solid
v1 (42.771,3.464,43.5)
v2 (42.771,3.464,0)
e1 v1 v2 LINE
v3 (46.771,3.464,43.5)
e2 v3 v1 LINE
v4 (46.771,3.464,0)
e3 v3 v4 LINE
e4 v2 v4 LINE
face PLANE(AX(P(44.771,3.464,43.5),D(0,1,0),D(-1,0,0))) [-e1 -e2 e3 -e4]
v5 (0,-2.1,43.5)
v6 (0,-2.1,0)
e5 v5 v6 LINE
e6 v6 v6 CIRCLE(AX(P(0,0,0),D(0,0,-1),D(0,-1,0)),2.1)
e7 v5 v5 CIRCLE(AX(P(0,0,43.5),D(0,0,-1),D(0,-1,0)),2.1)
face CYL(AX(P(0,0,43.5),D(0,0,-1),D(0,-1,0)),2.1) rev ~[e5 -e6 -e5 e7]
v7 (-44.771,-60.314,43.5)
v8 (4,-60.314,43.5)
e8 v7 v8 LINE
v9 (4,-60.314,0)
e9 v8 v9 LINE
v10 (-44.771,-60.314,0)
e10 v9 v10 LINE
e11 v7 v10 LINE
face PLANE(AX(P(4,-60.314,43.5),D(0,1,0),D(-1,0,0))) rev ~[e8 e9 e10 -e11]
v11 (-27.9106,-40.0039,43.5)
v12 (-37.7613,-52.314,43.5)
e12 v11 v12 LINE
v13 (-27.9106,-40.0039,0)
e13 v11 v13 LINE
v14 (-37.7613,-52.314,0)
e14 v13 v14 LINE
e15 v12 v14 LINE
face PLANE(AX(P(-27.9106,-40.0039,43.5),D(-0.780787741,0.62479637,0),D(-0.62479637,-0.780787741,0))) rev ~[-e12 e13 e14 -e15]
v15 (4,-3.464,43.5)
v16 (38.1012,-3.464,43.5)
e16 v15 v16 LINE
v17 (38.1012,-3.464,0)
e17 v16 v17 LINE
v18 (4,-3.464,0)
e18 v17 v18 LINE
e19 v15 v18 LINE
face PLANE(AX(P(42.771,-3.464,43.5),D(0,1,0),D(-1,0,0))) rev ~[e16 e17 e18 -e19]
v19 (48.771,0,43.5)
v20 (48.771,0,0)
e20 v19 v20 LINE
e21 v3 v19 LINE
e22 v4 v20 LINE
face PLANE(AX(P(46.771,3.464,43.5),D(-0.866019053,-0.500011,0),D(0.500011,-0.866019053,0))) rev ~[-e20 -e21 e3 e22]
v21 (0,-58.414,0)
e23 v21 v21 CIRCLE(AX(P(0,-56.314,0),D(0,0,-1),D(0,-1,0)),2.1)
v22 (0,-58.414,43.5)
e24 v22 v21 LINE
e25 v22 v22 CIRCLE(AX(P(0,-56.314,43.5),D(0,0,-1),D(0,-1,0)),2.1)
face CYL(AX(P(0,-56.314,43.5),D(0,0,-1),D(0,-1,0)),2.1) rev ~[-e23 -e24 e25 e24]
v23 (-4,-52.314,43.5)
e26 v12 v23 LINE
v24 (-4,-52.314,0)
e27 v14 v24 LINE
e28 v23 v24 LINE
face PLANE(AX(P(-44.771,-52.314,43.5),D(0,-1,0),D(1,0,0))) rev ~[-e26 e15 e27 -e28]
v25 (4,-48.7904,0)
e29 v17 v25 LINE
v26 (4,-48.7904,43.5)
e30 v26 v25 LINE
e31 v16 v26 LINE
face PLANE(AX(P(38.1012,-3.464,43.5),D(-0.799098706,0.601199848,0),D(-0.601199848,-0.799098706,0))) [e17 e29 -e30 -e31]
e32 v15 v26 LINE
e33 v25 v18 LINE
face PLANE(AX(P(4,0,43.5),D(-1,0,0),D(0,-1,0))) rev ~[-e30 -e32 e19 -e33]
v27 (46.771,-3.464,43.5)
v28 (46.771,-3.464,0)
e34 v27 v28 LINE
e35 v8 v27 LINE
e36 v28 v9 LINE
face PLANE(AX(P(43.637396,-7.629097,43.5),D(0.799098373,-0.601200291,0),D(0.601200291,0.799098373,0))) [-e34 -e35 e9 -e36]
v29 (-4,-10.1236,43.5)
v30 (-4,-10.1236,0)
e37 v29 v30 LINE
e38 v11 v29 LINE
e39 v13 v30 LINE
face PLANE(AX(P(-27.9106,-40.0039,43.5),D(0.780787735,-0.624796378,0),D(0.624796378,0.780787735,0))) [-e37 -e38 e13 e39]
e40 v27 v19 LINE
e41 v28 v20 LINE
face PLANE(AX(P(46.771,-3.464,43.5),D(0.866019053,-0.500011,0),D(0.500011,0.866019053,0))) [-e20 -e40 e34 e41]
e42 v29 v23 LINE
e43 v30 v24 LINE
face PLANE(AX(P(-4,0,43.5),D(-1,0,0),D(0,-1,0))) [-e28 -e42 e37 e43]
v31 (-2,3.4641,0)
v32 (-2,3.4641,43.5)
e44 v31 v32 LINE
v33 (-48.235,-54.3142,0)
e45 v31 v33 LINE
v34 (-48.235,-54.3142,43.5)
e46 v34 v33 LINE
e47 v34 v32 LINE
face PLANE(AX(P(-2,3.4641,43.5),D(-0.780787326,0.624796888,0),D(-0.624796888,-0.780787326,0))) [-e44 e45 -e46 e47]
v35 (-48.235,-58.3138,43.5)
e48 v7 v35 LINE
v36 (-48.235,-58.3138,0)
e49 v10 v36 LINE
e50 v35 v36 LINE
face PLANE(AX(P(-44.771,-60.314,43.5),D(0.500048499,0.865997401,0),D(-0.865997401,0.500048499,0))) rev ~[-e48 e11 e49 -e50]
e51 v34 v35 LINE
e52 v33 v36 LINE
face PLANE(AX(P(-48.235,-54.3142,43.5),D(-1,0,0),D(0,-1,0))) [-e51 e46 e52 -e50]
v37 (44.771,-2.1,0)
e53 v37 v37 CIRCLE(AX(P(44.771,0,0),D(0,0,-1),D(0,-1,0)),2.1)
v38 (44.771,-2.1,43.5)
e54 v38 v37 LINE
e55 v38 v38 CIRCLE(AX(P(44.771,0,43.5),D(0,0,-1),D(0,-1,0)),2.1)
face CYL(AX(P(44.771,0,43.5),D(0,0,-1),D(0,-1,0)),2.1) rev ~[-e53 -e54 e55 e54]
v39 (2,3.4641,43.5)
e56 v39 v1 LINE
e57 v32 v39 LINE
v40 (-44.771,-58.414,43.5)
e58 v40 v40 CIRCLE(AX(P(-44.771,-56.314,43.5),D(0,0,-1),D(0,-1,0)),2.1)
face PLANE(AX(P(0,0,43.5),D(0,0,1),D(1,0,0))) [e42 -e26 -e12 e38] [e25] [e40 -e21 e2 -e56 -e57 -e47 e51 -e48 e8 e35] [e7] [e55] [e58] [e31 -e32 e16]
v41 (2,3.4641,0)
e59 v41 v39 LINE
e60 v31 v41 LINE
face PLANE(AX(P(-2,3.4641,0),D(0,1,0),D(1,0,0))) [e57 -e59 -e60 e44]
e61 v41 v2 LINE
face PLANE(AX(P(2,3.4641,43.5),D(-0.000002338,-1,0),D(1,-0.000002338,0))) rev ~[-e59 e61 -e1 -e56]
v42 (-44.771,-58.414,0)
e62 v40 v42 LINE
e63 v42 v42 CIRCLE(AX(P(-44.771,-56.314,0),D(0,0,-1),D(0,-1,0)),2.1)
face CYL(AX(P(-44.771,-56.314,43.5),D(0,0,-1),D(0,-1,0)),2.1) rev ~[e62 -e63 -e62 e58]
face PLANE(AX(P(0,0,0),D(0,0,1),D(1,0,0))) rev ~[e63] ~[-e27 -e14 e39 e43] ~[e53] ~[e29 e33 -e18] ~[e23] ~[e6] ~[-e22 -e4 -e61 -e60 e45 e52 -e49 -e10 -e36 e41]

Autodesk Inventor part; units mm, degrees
sketch "Sketch2" plane through (0, 0, 0) normal (0, 0, 1) x (1, 0, 0)
  line L0 (0, 2.8582) -> (0, -2.8582) construction
  line L1 (-5.7775, 0) -> (5.7775, 0) construction
  line L2 (0, 0) -> (4, 0)
  line L3 (4, 0) -> (-4, 0)
  circle A0 centre (0, 0) radius 4
  line L4 (0, 0) -> (-2, 3.4641)
  line L5 (0, 0) -> (4, 0) construction
  line L6 (0, 0) -> (2, 3.4641)
  line L7 (0, 0) -> (4, 0) construction
  line L8 (0, 0) -> (4, 0)
  line L9 (0, 0) -> (2, -3.4641)
  line L10 (0, 0) -> (-2, -3.4641)
  line L11 (-2, 3.4641) -> (2, 3.4641)
  line L12 (2, 3.4641) -> (4, 0)
  line L13 (4, 0) -> (2, -3.4641)
  line L14 (2, -3.4641) -> (-2, -3.4641)
  line L15 (-2, -3.4641) -> (-4, 0)
  line L16 (-4, 0) -> (-2, 3.4641)
  dimension "d3" = 4
  dimension "d2" = 8
  dimension "d1" = 120
  dimension "d0" = 60
extrude "Extrusion1" add sketch "Sketch2" along normal blind 43.5 contours L6 L12 L2 | L10 L15 L3 | L3 L16 L4 | L4 L11 L6 | L2 L13 L9 | L9 L14 L10
sketch "Sketch3" plane through (0, 0, 43.5) normal (0, 0, 1) x (1, 0, 0)
  point P0 (0, 0)
  point P1 (0, 0)
hole "Hole1" at (0, 0, 43.5) direction (0, 0, -1) diameter 4.2 depth 44
sketch "Sketch5" plane through (0, 0, 43.5) normal (0, 0, 1) x (1, 0, 0)
  line L0 (0, 0) -> (0, -56.314)
  line L1 (0, -56.314) -> (4, -56.314)
  line L2 (4, -56.314) -> (2, -59.7781)
  line L3 (2, -59.7781) -> (-2, -59.7781)
  line L4 (-2, -59.7781) -> (-4, -56.314)
  line L5 (0, -56.314) -> (-4, -56.314)
  line L6 (0, -56.314) -> (0, -52.85)
  line L7 (0, -52.85) -> (2, -52.85)
  line L8 (2, -52.85) -> (4, -56.314)
  line L9 (0, -52.85) -> (-2, -52.85)
  line L10 (-2, -52.85) -> (-4, -56.314)
  line L11 (4, 0) -> (4, -56.314)
  line L12 (-4, 0) -> (-2, -3.4641) projected
  line L13 (-4, 0) -> (-4, -56.314)
  line L14 (0, -56.314) -> (-44.771, -56.314)
  line L15 (-44.771, -56.314) -> (-44.771, -60.314)
  line L16 (-44.771, -56.314) -> (-44.771, -52.314)
  line L17 (-44.771, -60.314) -> (-41.307, -58.3138)
  line L18 (-44.771, -52.314) -> (-41.307, -54.3142)
  line L19 (-41.307, -54.3142) -> (-41.307, -58.3138)
  line L20 (-44.771, -60.314) -> (-48.235, -58.3138)
  line L21 (-44.771, -52.314) -> (-48.235, -54.3142)
  line L22 (-48.235, -54.3142) -> (-48.235, -58.3138)
  line L23 (-44.771, -60.314) -> (-0.654, -60.314)
  line L24 (-0.654, -60.314) -> (4, -56.314)
  line L25 (-44.771, -52.314) -> (0, -52.314)
  line L26 (-4, 0) -> (0, -3.4641)
  line L27 (-2, -3.4641) -> (2, -3.4641) projected
  line L28 (0, -3.4641) -> (4, 0)
  line L29 (4, -56.314) -> (4, -60.314)
  line L30 (4, -60.314) -> (-1.654, -60.314)
  point P0 (-4, -52.314)
  point P1 (-0.654, -60.314)
  dimension "d21" = 56.314
  dimension "d22" = 4
  dimension "d23" = 4
  dimension "d24" = 4
  dimension "d25" = 4
  dimension "d26" = 3.4641
  dimension "d27" = 3.464
  dimension "d28" = 2
  dimension "d29" = 2
  dimension "d30" = 44.771
  dimension "d31" = 4
  dimension "d35" = 4
  dimension "d38" = 4
  dimension "d39" = 3.464
  dimension "d40" = 4
  dimension "d41" = 3.464
  dimension "d42" = 4
  dimension "d43" = 4
  dimension "d44" = 3.464
  dimension "d45" = 3.464
extrude "Extrusion2" add sketch "Sketch5" against normal blind 43.5
sketch "Sketch6" plane through (0, 0, 43.5) normal (0, 0, 1) x (1, 0, 0)
  circle A0 centre (0, 0) radius 1.7294 projected
  line L0 (0, 0) -> (0, -56.314)
  line L1 (0, -56.314) -> (-44.771, -56.314)
  line L2 (-4, -52.314) -> (-44.771, -52.314) projected
  dimension "d74" = 44.771
  dimension "d75" = 4
hole "Hole3" at (0, -56.314, 43.5) at (-44.771, -56.314, 43.5) direction (0, 0, -1) diameter 4.2 depth 44
sketch "Sketch8" plane through (0, 0, 43.5) normal (0, 0, 1) x (1, 0, 0)
  circle A0 centre (0, 0) radius 2.1 projected
  line L0 (0, 0) -> (44.771, 0)
  line L1 (44.771, 0) -> (48.771, 0)
  line L2 (44.771, 0) -> (44.771, 3.464)
  line L3 (44.771, 3.464) -> (46.771, 3.464)
  line L4 (46.771, 3.464) -> (48.771, 0)
  line L5 (44.771, 0) -> (44.771, -3.464)
  line L6 (44.771, -3.464) -> (46.771, -3.464)
  line L7 (46.771, -3.464) -> (48.771, 0)
  line L8 (44.771, 0) -> (40.771, 0)
  line L9 (44.771, -3.464) -> (42.771, -3.464)
  line L10 (42.771, -3.464) -> (40.771, 0)
  line L11 (44.771, 3.464) -> (42.771, 3.464)
  line L12 (42.771, 3.464) -> (40.771, 0)
  line L13 (2, 3.4641) -> (-2, 3.4641) projected
  line L14 (2, 3.4641) -> (44.771, 3.464)
  line L15 (44.771, -3.464) -> (4, -3.464)
  line L16 (4, -60.314) -> (4, 0) projected
  line L17 (4, -3.464) -> (2, 3.4641)
  dimension "d62" = 44.771
  dimension "d63" = 4
  dimension "d64" = 3.464
  dimension "d65" = 2
  dimension "d66" = 3.464
  dimension "d67" = 2
  dimension "d68" = 4
  dimension "d69" = 2
  dimension "d70" = 2
extrude "Extrusion3" add sketch "Sketch8" against normal blind 43.5 contours L17 L14 L12 L0 | L0 L16 L17 | L0 L10 L15 L16 | L12 L11 L2 L0 | L0 L5 L9 L10 | L2 L3 L4 L1 | L1 L7 L6 L5
sketch "Sketch9" plane through (0, 0, 43.5) normal (0, 0, 1) x (1, 0, 0)
  line L0 (0, 0) -> (44.771, 0)
  dimension "d73" = 44.771
hole "Hole5" at (44.771, 0, 43.5) direction (0, 0, -1) diameter 4.2 depth 44
sketch "Sketch10" plane through (0, 0, 43.5) normal (0, 0, 1) x (1, 0, 0)
  line L0 (4, -3.464) -> (4, -60.314) projected
  line L1 (46.771, -3.464) -> (4, -3.464) projected
  line L2 (4, -60.314) -> (46.771, -3.464)
  line L3 (21.4983, -3.464) -> (21.4983, 3.4641)
  line L4 (2, 3.4641) -> (46.771, 3.464) projected
  line L5 (43.6374, -7.6291) -> (38.1012, -3.464)
  line L6 (38.1012, -3.464) -> (4, -48.7904)
  line L7 (38.1012, -3.464) -> (38.1012, -3.464)
  line L8 (38.1012, -3.464) -> (46.771, -3.464)
  line L9 (4, -48.7904) -> (4, -60.314)
  line L10 (-2, 3.4641) -> (-4, 0) projected
  line L11 (-48.235, -54.3142) -> (-44.771, -52.314) projected
  line L12 (-2, 3.4641) -> (-48.235, -54.3142)
  line L13 (-33.3199, -35.6753) -> (-27.9106, -40.0039)
  line L14 (-27.9106, -40.0039) -> (-4, -10.1236)
  line L15 (-4, -52.314) -> (-4, 0) projected
  line L16 (2, 3.4641) -> (-2, 3.4641) projected
  line L17 (-4, -10.1236) -> (-2, 3.4641)
  line L18 (-27.9106, -40.0039) -> (-37.7613, -52.314)
  line L19 (-37.7613, -52.314) -> (-48.235, -54.3142)
  point P0 (0, 0)
  dimension "d83" = 6.9281
  dimension "d84" = 6.928
  dimension "d85" = 6.928
  dimension "d86" = 90
  dimension "d87" = 90
  dimension "d88" = 90
  dimension "d89" = 90
  dimension "d90" = 90
extrude "Extrusion4" add sketch "Sketch10" against normal blind 43.5 contours L17 L15 L10 | L10 L15 L14 L13 L12 | L6 L5 L2 L0 | L1 L2 L5 | L13 L18 L19 L12
properties part number "steunstuk driehoek" material "S235"
